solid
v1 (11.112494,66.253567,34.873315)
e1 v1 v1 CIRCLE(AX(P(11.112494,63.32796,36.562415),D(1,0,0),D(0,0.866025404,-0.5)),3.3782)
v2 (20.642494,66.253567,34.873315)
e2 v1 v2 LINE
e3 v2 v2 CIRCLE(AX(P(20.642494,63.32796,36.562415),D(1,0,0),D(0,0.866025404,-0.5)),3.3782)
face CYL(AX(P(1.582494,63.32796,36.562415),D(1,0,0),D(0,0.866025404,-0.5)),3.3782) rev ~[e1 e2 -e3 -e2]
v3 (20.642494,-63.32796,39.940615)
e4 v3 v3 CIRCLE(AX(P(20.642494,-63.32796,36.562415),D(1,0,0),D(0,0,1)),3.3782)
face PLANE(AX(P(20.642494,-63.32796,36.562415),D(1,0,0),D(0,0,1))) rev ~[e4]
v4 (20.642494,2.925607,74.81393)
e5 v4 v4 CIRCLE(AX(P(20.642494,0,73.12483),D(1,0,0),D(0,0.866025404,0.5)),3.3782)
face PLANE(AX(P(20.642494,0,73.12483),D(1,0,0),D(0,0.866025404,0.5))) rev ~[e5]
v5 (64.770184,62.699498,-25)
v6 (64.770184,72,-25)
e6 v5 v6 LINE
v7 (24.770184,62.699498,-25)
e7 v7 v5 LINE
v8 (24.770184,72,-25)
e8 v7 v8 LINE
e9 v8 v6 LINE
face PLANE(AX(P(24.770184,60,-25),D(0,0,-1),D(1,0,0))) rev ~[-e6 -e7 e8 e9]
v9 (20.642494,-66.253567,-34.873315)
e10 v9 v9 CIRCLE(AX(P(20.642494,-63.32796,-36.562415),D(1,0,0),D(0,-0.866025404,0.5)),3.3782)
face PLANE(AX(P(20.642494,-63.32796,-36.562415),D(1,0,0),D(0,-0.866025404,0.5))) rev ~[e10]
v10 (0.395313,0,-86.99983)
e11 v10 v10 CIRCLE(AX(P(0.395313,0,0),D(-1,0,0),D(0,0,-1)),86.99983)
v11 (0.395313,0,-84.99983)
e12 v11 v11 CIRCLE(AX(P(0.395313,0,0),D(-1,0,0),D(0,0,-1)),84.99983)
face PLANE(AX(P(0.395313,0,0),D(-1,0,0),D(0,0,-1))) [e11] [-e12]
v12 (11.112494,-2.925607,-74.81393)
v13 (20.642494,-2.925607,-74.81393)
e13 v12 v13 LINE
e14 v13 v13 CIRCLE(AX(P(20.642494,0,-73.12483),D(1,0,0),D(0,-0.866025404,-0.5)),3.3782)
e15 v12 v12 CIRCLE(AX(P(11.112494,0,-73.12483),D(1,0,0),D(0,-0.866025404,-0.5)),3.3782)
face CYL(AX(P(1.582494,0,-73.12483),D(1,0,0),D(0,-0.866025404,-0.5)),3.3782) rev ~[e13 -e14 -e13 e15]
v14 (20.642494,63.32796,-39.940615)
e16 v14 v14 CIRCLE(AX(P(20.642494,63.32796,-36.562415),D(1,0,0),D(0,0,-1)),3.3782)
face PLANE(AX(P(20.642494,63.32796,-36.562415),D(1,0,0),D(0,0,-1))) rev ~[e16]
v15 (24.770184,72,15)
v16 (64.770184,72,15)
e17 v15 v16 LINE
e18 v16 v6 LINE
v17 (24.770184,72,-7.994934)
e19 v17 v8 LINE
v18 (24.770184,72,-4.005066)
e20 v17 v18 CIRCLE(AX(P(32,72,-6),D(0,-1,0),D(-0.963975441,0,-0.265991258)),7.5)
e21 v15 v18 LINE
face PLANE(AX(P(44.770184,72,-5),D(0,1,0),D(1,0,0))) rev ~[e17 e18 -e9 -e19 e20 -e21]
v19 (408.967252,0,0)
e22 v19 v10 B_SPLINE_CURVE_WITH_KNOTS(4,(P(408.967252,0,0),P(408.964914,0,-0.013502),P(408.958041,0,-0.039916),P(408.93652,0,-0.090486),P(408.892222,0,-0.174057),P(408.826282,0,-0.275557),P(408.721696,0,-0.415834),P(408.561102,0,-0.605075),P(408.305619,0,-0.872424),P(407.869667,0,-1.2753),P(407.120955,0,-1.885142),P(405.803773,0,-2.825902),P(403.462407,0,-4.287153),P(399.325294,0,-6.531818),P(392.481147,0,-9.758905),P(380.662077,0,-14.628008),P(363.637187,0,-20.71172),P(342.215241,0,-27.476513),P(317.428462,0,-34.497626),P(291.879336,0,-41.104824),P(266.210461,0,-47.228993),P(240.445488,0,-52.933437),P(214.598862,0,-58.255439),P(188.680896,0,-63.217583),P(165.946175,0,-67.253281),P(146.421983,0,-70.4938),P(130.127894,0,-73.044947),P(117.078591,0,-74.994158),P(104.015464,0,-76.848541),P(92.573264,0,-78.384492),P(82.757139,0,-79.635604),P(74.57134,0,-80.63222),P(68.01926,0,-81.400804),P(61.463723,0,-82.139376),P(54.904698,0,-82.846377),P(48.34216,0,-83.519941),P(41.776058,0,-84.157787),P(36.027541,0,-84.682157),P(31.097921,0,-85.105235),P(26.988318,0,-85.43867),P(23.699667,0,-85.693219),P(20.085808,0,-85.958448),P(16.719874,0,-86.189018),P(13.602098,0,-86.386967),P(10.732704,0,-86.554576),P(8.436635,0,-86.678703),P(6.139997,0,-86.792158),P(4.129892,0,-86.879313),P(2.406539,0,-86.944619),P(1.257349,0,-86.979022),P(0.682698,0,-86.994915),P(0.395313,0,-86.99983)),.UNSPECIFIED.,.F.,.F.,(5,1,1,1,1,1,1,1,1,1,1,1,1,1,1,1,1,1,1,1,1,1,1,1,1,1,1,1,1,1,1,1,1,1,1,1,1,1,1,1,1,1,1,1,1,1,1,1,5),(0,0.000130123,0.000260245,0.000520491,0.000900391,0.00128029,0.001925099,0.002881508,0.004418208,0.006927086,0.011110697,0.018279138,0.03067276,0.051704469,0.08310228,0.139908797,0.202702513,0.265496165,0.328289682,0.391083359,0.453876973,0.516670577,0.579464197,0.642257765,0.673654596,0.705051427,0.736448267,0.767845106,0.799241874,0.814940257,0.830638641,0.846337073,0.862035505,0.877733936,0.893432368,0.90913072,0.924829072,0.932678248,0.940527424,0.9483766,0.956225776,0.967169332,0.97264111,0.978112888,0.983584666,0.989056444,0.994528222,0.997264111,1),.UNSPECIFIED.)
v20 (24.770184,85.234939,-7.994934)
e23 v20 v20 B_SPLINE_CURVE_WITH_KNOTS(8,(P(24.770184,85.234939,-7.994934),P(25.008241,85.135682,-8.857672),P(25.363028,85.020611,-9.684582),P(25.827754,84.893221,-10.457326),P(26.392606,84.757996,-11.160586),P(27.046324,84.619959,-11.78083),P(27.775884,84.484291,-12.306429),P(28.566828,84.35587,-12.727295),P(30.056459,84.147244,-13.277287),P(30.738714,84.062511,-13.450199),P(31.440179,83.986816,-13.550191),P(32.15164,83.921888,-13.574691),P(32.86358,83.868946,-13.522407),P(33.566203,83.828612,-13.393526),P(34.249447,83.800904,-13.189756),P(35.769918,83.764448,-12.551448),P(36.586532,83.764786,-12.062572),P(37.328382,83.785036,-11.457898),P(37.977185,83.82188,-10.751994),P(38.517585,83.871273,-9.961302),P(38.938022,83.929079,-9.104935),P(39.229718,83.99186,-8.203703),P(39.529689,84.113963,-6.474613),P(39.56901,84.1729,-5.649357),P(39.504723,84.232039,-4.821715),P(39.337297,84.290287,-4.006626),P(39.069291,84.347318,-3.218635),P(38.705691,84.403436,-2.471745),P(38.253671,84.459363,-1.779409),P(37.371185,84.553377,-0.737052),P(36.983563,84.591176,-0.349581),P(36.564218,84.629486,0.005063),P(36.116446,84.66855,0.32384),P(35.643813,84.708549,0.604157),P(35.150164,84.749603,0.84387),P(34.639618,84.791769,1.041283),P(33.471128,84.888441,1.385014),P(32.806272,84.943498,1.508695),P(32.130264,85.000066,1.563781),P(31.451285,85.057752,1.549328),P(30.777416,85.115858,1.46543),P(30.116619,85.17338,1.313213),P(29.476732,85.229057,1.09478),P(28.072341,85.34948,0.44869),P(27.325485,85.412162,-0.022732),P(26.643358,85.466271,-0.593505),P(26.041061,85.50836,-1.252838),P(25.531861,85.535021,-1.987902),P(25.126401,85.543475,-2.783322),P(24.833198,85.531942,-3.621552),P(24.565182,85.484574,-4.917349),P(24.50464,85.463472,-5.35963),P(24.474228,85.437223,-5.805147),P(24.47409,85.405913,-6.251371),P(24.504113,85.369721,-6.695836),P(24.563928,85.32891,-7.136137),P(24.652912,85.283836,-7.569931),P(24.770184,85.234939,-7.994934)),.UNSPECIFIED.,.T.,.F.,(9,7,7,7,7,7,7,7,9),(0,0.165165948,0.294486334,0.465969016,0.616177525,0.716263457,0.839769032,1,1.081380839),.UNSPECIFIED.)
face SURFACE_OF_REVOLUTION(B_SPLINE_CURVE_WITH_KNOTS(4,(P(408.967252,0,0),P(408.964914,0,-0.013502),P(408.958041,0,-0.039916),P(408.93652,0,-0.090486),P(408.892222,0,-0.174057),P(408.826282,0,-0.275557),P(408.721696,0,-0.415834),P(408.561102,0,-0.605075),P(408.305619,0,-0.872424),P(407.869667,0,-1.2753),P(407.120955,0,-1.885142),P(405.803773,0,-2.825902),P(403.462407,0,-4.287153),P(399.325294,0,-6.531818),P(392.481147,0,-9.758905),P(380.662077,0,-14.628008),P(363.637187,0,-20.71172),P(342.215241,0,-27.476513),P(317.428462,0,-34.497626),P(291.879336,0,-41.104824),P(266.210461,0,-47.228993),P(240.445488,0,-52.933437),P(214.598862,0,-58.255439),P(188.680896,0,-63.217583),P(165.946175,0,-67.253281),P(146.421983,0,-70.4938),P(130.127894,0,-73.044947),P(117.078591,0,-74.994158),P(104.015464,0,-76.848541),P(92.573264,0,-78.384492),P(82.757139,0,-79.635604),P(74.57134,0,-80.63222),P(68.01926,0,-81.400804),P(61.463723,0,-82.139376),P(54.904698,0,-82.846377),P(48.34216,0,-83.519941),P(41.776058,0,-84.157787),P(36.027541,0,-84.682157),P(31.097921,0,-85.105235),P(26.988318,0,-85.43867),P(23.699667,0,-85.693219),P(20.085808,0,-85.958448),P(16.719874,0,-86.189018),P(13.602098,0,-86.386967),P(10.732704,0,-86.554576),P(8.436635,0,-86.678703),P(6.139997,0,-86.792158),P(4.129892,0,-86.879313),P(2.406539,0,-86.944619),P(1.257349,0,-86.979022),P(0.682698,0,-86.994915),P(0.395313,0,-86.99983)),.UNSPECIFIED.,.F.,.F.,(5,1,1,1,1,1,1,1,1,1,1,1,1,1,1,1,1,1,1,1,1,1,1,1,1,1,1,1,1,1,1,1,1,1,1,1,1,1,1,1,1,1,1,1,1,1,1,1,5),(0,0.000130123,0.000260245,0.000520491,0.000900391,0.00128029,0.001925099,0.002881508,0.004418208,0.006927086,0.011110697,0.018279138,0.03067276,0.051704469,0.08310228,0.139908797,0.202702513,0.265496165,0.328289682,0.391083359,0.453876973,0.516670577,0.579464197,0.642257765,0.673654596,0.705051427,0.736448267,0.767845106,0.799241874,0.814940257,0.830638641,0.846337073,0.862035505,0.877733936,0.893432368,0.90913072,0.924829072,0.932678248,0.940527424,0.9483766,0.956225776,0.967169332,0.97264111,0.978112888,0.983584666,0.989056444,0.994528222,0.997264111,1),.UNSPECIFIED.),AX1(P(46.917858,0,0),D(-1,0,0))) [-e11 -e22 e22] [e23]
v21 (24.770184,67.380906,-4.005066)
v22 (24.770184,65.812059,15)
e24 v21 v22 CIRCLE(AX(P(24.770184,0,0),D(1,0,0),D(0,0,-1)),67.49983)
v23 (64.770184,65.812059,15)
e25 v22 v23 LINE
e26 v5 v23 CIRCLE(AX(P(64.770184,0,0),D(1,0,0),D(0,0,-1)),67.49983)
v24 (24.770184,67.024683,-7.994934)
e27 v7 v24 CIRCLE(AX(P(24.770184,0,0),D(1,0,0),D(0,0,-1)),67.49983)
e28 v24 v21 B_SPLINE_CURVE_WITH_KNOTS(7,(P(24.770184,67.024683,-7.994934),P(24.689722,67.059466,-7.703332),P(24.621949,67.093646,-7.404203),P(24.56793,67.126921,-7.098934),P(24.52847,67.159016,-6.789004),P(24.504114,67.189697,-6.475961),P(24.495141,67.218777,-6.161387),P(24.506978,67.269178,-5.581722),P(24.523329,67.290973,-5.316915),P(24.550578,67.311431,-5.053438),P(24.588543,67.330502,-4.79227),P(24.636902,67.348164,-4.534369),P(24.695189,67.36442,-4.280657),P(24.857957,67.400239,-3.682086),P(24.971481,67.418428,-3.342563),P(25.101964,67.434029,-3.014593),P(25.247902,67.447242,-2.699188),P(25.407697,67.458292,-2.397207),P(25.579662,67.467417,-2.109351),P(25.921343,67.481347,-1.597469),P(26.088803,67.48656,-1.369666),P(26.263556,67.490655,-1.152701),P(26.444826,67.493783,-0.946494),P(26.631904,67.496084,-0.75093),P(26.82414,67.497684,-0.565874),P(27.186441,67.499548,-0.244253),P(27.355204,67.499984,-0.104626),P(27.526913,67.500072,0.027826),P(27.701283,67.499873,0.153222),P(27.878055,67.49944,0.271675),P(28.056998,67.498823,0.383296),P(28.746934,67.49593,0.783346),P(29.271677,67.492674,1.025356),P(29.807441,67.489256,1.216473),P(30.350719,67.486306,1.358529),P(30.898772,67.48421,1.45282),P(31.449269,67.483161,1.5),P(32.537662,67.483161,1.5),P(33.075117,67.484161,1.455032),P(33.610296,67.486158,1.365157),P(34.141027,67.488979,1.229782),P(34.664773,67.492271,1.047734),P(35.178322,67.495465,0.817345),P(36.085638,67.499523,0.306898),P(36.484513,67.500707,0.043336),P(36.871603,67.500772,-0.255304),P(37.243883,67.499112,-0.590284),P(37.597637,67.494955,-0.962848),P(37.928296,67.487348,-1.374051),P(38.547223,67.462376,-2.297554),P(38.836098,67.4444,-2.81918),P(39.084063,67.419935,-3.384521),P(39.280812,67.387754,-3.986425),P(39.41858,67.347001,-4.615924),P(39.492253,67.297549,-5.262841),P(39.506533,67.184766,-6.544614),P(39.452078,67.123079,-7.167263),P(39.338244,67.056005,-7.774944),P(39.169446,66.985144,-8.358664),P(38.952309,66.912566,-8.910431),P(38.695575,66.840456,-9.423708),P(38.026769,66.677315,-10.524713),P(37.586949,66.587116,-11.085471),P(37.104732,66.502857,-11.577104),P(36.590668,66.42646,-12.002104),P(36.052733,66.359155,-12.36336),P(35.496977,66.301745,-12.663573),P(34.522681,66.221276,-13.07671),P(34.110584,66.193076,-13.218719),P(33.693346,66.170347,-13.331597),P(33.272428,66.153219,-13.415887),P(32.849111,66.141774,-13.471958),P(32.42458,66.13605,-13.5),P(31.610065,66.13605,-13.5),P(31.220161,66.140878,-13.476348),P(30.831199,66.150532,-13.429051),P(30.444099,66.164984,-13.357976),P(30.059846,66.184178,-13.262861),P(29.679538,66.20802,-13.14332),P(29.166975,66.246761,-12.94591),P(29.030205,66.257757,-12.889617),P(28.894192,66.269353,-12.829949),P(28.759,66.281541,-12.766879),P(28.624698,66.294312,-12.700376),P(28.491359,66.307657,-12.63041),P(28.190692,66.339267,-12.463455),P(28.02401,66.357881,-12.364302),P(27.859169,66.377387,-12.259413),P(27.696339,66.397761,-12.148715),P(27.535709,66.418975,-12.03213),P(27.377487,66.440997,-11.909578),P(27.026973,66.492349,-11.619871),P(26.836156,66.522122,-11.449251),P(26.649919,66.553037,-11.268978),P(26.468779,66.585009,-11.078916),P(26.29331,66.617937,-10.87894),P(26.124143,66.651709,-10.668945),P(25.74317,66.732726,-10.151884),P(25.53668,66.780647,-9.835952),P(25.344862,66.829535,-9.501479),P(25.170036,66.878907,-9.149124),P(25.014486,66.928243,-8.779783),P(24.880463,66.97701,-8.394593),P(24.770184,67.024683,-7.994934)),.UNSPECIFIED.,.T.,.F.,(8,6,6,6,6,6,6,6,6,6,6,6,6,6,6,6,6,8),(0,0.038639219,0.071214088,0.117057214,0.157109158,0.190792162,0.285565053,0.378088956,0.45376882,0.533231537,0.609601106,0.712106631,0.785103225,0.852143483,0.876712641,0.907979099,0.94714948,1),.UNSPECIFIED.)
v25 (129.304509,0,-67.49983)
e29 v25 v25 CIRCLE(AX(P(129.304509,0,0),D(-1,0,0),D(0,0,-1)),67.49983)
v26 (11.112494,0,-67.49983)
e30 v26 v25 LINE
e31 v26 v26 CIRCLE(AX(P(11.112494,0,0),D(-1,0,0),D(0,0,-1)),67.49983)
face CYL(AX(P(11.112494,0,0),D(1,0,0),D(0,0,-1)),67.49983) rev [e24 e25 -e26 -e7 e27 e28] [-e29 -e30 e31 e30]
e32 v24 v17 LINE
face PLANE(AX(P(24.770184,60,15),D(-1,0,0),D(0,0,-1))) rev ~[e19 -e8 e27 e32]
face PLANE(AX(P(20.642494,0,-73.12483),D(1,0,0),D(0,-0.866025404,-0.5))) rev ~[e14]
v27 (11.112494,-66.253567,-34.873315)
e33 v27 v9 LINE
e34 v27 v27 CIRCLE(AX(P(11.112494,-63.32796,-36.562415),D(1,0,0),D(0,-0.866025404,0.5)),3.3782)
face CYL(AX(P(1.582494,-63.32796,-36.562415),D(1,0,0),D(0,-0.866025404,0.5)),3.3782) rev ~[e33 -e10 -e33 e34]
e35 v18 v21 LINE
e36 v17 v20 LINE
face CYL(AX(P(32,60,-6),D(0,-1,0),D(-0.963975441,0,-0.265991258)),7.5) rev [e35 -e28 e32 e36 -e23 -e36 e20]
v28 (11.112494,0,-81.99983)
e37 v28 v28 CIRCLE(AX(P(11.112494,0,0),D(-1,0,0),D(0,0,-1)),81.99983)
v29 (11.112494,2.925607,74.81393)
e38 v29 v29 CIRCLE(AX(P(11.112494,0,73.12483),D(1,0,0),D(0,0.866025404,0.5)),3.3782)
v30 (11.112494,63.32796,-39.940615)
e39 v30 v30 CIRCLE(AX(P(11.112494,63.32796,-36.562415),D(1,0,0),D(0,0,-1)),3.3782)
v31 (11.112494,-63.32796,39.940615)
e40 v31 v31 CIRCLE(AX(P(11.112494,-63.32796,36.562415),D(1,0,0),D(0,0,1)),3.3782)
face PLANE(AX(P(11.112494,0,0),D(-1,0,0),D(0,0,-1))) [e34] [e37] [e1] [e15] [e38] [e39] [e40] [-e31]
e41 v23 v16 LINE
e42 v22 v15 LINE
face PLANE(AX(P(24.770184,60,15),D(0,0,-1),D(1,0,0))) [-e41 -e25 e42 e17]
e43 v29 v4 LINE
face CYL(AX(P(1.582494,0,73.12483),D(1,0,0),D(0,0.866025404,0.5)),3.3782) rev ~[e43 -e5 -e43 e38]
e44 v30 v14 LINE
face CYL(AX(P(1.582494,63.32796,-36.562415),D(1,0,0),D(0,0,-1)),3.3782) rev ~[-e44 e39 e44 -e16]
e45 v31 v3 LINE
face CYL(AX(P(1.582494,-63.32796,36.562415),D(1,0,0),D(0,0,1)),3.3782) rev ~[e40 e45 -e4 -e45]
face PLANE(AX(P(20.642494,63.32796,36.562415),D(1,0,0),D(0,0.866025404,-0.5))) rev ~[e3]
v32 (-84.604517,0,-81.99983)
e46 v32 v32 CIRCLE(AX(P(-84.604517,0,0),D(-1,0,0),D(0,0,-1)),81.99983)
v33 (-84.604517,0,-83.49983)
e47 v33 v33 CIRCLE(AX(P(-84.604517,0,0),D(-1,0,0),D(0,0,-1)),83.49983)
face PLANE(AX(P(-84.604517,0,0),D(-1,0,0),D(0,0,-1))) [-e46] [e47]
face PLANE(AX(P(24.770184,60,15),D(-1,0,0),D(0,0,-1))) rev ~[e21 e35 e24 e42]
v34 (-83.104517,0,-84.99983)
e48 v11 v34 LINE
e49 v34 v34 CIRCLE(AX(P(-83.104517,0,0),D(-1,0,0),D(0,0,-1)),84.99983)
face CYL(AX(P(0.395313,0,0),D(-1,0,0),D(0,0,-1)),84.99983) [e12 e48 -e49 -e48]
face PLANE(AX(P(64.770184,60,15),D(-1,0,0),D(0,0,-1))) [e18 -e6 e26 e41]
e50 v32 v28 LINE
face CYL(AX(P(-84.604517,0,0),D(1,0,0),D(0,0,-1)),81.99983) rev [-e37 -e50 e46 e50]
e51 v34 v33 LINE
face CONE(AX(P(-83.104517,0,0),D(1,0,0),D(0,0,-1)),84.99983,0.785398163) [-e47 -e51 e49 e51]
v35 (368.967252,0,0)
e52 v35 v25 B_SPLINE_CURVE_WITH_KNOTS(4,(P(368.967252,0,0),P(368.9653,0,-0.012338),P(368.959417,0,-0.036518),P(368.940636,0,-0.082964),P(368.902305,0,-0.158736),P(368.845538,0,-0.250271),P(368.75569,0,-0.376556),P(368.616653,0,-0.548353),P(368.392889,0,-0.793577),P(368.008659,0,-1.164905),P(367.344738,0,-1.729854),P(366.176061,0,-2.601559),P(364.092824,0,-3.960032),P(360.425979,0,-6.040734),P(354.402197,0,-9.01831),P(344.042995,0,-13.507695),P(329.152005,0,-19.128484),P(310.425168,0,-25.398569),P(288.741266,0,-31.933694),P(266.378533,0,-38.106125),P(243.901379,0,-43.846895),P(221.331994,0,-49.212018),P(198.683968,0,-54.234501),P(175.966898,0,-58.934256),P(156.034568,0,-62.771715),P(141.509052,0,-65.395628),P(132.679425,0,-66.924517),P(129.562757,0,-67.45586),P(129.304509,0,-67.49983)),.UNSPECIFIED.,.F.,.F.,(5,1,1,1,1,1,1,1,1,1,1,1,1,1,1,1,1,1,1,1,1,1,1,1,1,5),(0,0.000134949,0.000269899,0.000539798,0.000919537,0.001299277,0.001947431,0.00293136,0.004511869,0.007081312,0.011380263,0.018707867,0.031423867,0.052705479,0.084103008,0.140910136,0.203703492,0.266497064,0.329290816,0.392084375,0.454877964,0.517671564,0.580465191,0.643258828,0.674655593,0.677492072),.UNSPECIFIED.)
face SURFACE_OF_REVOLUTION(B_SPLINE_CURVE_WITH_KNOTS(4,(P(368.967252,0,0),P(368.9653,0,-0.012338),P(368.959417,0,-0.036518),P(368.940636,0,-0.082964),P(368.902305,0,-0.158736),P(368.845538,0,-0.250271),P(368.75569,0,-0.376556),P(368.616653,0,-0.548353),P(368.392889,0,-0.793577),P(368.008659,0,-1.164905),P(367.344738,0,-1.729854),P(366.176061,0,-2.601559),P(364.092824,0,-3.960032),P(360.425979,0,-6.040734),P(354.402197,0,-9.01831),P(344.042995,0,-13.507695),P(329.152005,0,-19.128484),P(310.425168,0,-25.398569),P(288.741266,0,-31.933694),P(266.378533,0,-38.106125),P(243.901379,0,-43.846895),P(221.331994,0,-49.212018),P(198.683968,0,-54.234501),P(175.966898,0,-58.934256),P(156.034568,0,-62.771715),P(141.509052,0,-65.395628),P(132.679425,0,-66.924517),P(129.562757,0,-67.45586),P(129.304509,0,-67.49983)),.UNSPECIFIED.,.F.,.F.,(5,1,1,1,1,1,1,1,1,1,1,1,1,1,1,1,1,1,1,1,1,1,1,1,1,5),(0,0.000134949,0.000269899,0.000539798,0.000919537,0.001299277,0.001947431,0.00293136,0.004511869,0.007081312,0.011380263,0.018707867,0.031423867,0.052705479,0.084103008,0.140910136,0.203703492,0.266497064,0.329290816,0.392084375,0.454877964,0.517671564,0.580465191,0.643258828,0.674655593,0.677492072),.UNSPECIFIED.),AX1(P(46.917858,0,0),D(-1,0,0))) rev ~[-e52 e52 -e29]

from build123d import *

# Parameters (mm, degrees)
CHAMFER1_SIZE                    = 1.5
F_96_0_0063_DIAMETER_HOLE1_D     = 6.7564
F_96_0_0063_DIAMETER_HOLE1_DEPTH = 9.53
CIRPATTERN1_COUNT                = 6
SKETCH20_W                       = 40
SKETCH20_H                       = 40
CUT_EXTRUDE3_DEPTH               = 12
SKETCH22_R                       = 7.5
CUT_EXTRUDE4_DEPTH               = 444.206648903


with BuildPart() as part:
    # Sketch10 → Revolve1 (revolve)
    with BuildSketch(Plane.XY, mode=Mode.PRIVATE) as revolve1_sk:
        with BuildLine():
            Line((11.112493743, 81.99983), (11.112493743, 67.49983))
            Line((11.112493743, 67.49983), (129.304508698, 67.49983))
            add(Edge.make_bspline(
                [(368.967251823, 0), (368.965299543, 0.012338489), (368.959416882, 0.036518378), (368.940636147, 0.082964007), (368.902304552, 0.158736421), (368.845538097, 0.250270687), (368.755690124, 0.376555746), (368.616653262, 0.54835284), (368.392888737, 0.793577299), (368.008659121, 1.164904965), (367.344738263, 1.729853685), (366.176060796, 2.601559154), (364.09282389, 3.960032328), (360.425978756, 6.040734396), (354.402196649, 9.01831007), (344.042994901, 13.507695011), (329.152005398, 19.128483965), (310.425167902, 25.398569259), (288.741266406, 31.933693508), (266.378532845, 38.106125474), (243.901379123, 43.846895186), (221.331994001, 49.212017941), (198.683967629, 54.234500927), (175.966897581, 58.934255644), (156.034567874, 62.771715365), (141.509051931, 65.395628269), (132.679425236, 66.924517444), (129.562757302, 67.455859883), (129.304508698, 67.49983)],
                knots=[0, 0, 0, 0, 0, 0.000134949, 0.000269899, 0.000539798, 0.000919537, 0.001299277, 0.001947431, 0.00293136, 0.004511869, 0.007081312, 0.011380263, 0.018707867, 0.031423867, 0.052705479, 0.084103008, 0.140910136, 0.203703492, 0.266497064, 0.329290816, 0.392084375, 0.454877964, 0.517671564, 0.580465191, 0.643258828, 0.674655593, 0.677492072, 0.677492072, 0.677492072, 0.677492072, 0.677492072], degree=4))
            Line((368.967251823, 0), (408.967251823, 0))
            add(Edge.make_bspline(
                [(408.967251823, 0), (408.964913524, 0.013501739), (408.958040758, 0.039916077), (408.936520441, 0.090485698), (408.892222076, 0.174057132), (408.826281575, 0.275556803), (408.721696416, 0.415833756), (408.561101809, 0.605075245), (408.30561918, 0.87242415), (407.86966713, 1.275299562), (407.120955138, 1.885142115), (405.803773451, 2.82590185), (403.46240692, 4.287152794), (399.325294488, 6.531818454), (392.481146888, 9.758904649), (380.662076725, 14.628008466), (363.637187185, 20.711720382), (342.215241093, 27.476512989), (317.428462321, 34.49762647), (291.879335737, 41.10482439), (266.21046092, 47.228993169), (240.44548836, 52.933436777), (214.598861982, 58.255439009), (188.68089566, 63.217582693), (165.946174917, 67.253280679), (146.421982586, 70.493799722), (130.127893898, 73.044947468), (117.078590637, 74.994157933), (104.015464216, 76.84854079), (92.573263959, 78.384492045), (82.757139441, 79.635603973), (74.571340184, 80.632219902), (68.019260454, 81.400804211), (61.463723364, 82.139375899), (54.90469802, 82.84637726), (48.342159918, 83.519940506), (41.776057559, 84.15778717), (36.02754108, 84.682157239), (31.097921259, 85.105234912), (26.988317923, 85.438669825), (23.699666618, 85.693218594), (20.085807822, 85.958448038), (16.719873821, 86.189018485), (13.602098287, 86.386966779), (10.732704013, 86.554575744), (8.436635008, 86.678703291), (6.139997341, 86.792157585), (4.129892063, 86.879313264), (2.40653858, 86.944618982), (1.257348635, 86.979022496), (0.68269791, 86.99491462), (0.395312527, 86.99983)],
                knots=[0, 0, 0, 0, 0, 0.000130123, 0.000260245, 0.000520491, 0.000900391, 0.00128029, 0.001925099, 0.002881508, 0.004418208, 0.006927086, 0.011110697, 0.018279138, 0.03067276, 0.051704469, 0.08310228, 0.139908797, 0.202702513, 0.265496165, 0.328289682, 0.391083359, 0.453876973, 0.516670577, 0.579464197, 0.642257765, 0.673654596, 0.705051427, 0.736448267, 0.767845106, 0.799241874, 0.814940257, 0.830638641, 0.846337073, 0.862035505, 0.877733936, 0.893432368, 0.90913072, 0.924829072, 0.932678248, 0.940527424, 0.9483766, 0.956225776, 0.967169332, 0.97264111, 0.978112888, 0.983584666, 0.989056444, 0.994528222, 0.997264111, 1, 1, 1, 1, 1], degree=4))
            Line((0.395312527, 86.99983), (0.395312527, 84.99983))
            Line((0.395312527, 84.99983), (-84.604517473, 84.99983))
            Line((-84.604517473, 84.99983), (-84.604517473, 81.99983))
            Line((-84.604517473, 81.99983), (11.112493743, 81.99983))
        make_face()
    revolve(revolve1_sk.sketch.rotate(Axis((46.917858469, 0, 0), (-1, 0, 0)), 90), axis=Axis((46.917858469, 0, 0), (-1, 0, 0)))

    # Chamfer1
    chamfer1_edges = [part.edges().sort_by_distance(p)[0] for p in [
        (-84.604517473, 0, 84.99983),
    ]]
    chamfer(chamfer1_edges, length=CHAMFER1_SIZE)

    # #96 (0.0063) Diameter Hole1
    with Locations(Plane.ZY.offset(-11.112493743)):
        with Locations((-36.562415, 63.327960427)):
            f_96_0_0063_diameter_hole1 = Hole(F_96_0_0063_DIAMETER_HOLE1_D / 2, depth=F_96_0_0063_DIAMETER_HOLE1_DEPTH)

    # CirPattern1: #96 (0.0063) Diameter Hole1 ×6 about axis
    cirpattern1_axis = Axis((0, 0, 0), (1, 0, 0))
    for i in range(1, CIRPATTERN1_COUNT):
        add(f_96_0_0063_diameter_hole1.rotate(cirpattern1_axis, i * 360 / CIRPATTERN1_COUNT), mode=Mode.SUBTRACT)

    # Sketch20 → Cut-Extrude3 (cut)
    with BuildSketch(Plane(origin=(0, 60, 0), x_dir=(1, 0, 0), z_dir=(0, 1, 0))):
        with Locations((44.770184194, 5)):
            Rectangle(SKETCH20_W, SKETCH20_H)
    extrude(amount=CUT_EXTRUDE3_DEPTH, mode=Mode.SUBTRACT)

    # Sketch22 → Cut-Extrude4 (cut, through all)
    with BuildSketch(Plane(origin=(0, 60, 0), x_dir=(1, 0, 0), z_dir=(0, 1, 0))):
        with Locations(Location((32, 6, 0), (0, 0, 164.574138151))):
            Circle(SKETCH22_R)
    extrude(amount=CUT_EXTRUDE4_DEPTH, mode=Mode.SUBTRACT)


solid = part.part
